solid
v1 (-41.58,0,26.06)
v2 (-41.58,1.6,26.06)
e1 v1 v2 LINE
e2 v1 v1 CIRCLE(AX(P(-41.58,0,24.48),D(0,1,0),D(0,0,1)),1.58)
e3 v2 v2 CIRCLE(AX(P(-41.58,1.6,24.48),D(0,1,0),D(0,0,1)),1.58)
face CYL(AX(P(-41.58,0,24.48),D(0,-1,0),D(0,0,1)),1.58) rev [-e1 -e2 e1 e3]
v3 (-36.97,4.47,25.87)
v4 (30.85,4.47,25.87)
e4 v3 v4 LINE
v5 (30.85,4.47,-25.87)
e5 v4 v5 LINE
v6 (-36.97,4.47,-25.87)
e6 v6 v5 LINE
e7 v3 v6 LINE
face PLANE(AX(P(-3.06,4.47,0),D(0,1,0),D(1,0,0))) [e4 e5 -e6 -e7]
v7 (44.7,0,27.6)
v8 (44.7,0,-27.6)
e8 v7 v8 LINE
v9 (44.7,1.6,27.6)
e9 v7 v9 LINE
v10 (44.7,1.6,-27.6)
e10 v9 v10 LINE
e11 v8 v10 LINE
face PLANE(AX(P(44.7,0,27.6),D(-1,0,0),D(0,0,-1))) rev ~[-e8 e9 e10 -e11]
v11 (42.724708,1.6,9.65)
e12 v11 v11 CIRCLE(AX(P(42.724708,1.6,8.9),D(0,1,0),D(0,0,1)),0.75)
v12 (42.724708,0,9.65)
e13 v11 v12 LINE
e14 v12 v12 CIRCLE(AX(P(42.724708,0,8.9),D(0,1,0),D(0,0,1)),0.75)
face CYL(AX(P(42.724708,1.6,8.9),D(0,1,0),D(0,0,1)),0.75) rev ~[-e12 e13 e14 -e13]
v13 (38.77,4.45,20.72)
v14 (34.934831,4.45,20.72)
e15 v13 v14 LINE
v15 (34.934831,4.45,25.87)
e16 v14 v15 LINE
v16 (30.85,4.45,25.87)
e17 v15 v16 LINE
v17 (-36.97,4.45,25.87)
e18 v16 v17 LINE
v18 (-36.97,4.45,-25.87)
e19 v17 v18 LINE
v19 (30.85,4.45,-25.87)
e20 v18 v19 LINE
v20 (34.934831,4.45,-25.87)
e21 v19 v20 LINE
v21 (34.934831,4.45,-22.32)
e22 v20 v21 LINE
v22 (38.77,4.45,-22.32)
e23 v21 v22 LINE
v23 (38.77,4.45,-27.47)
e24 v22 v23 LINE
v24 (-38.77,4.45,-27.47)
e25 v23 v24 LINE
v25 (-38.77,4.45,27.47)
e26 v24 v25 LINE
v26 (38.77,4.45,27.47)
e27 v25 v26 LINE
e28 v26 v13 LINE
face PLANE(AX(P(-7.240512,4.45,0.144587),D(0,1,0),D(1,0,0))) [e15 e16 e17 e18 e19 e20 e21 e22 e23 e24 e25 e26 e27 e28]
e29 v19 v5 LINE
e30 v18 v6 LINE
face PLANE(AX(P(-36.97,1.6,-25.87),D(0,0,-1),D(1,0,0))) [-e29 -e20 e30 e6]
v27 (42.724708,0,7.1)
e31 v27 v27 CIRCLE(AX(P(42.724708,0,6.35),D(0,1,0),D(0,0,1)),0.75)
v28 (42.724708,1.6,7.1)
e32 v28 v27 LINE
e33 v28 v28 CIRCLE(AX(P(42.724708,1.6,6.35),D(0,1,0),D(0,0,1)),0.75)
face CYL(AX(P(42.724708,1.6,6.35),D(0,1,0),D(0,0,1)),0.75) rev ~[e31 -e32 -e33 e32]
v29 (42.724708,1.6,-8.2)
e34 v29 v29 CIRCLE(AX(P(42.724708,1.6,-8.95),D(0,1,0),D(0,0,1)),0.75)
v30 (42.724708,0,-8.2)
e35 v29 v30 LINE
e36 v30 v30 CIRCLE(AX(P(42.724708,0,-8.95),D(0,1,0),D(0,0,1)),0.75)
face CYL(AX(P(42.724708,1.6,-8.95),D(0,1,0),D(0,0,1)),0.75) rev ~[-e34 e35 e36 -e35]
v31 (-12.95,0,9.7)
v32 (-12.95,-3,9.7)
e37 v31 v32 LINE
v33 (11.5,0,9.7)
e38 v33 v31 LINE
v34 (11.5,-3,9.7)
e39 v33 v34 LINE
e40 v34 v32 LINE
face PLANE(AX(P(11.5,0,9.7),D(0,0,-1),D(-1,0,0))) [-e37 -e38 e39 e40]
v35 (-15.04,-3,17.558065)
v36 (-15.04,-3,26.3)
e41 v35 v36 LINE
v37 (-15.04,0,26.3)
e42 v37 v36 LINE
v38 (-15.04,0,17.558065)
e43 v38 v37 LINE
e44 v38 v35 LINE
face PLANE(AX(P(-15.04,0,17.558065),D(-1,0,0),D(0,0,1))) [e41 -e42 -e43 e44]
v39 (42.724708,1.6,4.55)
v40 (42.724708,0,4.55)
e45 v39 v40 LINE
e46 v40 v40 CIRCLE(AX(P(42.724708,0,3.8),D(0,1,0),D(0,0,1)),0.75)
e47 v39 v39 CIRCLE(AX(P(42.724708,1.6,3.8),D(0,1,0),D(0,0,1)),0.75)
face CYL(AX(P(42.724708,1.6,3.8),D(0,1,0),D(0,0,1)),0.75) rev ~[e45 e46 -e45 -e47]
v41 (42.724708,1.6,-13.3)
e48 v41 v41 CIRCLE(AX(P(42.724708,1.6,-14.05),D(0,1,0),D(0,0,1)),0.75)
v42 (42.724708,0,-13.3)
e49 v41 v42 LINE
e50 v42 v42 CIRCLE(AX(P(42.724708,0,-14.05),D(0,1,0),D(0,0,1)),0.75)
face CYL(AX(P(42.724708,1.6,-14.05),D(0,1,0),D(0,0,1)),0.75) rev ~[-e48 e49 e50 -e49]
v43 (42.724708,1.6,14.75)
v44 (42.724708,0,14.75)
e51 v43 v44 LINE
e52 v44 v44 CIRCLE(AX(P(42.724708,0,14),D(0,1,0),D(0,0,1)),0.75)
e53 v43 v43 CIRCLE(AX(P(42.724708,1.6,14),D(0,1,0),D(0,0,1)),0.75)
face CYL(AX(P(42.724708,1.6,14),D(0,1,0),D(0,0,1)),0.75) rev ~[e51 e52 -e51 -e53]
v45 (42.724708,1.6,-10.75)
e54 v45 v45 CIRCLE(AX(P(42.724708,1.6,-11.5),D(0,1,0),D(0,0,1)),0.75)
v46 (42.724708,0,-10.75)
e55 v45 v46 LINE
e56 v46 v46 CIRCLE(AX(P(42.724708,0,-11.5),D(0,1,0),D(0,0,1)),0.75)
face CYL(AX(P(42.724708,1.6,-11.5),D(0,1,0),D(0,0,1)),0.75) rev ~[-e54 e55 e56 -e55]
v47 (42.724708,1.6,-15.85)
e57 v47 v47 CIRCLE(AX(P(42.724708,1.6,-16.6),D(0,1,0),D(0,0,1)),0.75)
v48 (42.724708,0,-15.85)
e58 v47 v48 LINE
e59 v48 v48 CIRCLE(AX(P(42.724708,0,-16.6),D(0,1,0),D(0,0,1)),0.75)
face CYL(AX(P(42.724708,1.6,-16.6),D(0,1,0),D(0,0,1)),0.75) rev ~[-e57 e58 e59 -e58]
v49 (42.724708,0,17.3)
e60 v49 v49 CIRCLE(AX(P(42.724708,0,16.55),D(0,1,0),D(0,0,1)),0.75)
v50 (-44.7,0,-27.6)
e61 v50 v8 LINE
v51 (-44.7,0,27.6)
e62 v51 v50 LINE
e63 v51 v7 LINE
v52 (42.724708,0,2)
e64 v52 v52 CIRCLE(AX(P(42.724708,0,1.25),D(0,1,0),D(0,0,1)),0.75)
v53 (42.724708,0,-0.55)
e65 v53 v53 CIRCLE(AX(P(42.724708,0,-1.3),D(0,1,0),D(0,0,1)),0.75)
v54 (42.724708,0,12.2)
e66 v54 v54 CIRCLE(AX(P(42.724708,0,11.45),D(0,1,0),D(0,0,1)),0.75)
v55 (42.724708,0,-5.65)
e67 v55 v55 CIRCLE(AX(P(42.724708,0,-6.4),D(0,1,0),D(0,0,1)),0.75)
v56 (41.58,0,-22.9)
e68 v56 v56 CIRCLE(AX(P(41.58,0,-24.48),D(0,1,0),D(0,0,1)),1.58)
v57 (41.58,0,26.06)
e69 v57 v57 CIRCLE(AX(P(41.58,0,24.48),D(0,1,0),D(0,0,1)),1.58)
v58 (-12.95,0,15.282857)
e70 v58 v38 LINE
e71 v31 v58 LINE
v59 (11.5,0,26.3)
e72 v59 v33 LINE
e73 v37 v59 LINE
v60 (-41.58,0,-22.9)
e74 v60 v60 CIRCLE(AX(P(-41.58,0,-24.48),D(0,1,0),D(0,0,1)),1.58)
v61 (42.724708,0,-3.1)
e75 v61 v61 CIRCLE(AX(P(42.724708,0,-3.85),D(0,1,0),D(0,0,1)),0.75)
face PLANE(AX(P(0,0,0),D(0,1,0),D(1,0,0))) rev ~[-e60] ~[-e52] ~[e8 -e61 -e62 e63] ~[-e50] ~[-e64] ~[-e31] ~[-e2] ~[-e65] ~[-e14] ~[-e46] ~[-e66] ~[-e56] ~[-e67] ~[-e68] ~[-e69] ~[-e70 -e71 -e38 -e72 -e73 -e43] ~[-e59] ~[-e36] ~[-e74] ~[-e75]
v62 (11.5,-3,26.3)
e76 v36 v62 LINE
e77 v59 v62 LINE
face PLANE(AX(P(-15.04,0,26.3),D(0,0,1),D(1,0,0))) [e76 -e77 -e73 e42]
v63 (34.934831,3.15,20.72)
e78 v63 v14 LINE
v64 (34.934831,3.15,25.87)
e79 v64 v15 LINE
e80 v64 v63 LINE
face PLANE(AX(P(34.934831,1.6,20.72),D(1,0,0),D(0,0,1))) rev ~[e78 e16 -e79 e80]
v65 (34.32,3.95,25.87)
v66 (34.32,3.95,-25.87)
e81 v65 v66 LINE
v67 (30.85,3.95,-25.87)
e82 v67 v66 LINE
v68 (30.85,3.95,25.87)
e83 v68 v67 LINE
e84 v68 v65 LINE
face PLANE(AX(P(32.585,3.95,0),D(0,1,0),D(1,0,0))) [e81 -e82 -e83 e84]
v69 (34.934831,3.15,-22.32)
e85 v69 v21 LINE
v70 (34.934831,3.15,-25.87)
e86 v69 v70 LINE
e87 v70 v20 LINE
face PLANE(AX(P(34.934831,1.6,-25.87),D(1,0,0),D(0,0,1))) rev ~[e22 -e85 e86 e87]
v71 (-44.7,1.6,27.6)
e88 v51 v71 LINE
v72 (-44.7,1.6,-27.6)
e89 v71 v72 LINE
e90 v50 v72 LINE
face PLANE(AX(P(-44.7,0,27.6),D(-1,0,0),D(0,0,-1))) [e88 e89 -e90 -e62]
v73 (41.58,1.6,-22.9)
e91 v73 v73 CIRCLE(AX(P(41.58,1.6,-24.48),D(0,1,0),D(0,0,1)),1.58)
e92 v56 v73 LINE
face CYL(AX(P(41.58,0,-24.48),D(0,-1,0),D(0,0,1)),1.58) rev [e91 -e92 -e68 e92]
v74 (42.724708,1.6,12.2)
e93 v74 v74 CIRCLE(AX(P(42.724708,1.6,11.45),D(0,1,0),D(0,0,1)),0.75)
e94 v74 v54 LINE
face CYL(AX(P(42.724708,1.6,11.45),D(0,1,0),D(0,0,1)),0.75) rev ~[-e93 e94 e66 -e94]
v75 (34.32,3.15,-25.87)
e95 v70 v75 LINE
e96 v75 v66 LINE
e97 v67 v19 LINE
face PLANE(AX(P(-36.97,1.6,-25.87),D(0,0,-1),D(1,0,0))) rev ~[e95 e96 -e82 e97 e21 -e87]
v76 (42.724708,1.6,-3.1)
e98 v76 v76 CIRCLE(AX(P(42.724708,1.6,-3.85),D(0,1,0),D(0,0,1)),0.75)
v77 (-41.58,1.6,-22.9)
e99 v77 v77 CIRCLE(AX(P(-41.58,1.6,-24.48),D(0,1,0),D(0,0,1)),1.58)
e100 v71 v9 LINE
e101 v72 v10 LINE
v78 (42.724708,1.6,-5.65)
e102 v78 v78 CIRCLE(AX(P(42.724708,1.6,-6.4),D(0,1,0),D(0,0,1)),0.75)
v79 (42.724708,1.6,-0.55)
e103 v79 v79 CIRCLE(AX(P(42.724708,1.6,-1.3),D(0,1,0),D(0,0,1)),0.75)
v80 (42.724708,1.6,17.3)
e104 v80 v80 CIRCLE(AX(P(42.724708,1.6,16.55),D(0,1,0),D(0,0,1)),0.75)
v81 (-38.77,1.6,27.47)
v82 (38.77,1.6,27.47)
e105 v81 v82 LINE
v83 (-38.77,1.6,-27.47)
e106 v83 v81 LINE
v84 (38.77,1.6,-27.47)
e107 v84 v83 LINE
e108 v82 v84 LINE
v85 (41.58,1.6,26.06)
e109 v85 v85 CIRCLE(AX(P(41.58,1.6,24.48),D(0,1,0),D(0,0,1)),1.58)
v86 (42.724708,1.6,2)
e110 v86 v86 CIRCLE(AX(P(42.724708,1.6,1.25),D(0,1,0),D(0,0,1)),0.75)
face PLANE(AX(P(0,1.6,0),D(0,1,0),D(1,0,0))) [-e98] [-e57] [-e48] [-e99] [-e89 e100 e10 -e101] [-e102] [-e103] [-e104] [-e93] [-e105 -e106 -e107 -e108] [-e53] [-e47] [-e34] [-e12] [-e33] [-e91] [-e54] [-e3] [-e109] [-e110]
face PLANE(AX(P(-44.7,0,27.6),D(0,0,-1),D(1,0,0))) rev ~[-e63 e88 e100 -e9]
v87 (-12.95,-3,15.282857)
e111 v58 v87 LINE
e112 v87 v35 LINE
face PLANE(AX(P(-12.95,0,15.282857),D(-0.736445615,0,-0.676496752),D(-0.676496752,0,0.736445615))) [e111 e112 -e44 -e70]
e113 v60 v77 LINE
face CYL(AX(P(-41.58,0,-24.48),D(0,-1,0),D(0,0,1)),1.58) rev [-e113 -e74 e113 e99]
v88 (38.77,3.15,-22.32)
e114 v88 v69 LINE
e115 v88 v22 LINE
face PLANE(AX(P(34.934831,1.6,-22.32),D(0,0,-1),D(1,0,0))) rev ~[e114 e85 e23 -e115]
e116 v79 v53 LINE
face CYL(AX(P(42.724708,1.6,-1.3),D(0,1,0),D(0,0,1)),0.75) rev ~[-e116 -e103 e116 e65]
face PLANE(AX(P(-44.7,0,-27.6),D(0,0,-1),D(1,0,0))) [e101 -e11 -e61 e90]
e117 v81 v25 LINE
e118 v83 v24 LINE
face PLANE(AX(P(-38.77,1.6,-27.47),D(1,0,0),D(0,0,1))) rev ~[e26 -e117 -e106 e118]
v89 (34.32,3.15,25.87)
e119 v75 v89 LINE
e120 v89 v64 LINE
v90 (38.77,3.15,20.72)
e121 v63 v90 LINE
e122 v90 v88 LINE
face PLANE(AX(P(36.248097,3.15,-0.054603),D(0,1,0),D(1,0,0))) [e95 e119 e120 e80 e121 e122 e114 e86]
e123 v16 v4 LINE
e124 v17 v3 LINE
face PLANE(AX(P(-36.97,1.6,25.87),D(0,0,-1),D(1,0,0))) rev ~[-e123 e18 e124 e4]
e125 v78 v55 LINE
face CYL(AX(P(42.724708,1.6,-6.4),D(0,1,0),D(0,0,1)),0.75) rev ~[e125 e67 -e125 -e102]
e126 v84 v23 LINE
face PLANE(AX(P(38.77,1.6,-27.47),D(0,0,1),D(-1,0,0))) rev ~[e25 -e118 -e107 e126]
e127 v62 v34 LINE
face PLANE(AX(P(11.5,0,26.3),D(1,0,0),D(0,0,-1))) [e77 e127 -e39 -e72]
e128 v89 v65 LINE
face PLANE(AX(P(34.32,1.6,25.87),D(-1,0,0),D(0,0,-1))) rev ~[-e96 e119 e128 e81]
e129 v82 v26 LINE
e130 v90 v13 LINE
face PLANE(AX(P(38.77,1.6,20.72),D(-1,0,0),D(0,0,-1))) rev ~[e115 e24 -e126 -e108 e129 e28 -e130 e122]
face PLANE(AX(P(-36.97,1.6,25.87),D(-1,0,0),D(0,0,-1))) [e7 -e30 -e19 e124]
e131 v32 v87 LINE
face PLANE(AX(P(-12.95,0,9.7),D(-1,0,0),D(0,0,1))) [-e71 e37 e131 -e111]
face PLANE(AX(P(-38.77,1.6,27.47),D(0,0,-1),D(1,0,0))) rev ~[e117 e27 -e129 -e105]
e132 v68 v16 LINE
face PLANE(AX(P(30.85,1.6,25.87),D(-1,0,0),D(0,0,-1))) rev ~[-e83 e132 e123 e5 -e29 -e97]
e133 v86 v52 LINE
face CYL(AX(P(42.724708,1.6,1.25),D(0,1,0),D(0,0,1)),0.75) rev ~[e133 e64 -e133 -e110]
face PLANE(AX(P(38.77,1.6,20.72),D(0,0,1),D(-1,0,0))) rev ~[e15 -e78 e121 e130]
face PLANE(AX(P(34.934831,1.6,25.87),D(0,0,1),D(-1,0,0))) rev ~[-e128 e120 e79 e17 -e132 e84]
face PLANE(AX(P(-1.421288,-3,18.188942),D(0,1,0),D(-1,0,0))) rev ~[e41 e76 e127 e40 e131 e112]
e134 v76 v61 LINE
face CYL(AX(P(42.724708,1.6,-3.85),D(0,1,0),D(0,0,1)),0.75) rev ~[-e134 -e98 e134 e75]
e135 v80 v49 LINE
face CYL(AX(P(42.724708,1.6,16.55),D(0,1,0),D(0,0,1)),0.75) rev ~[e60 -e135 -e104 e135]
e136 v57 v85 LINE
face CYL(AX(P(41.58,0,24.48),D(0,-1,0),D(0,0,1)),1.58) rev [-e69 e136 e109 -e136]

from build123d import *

# Parameters (mm, degrees)
ESQUISSE1_W             = 89.4
ESQUISSE1_H             = 55.2
ESQUISSE1_R             = 1.58
PLAQUE_DEPTH            = 1.6
ESQUISSE2_3_W           = 3.47
ESQUISSE2_3_H           = 51.74
NAPPE_DEPTH             = 2.35
BORDURE_DEPTH           = 2.85
ESQUISSE2_W             = 67.82
ESQUISSE2_H             = 51.74
LCD_DEPTH               = 2.87
SUPPORT_DEPTH           = 1.55
CARTE_SD_DEPTH          = 3
ESQUISSE5_R             = 0.75
ENL_V_MAT_EXTRU_1_DEPTH = 53.735282307


with BuildPart() as part:
    # Esquisse1 → Plaque (new body)
    with BuildSketch(Plane(origin=(0, 0, 0), x_dir=(1, 0, 0), z_dir=(0, 1, 0))):
        Rectangle(ESQUISSE1_W, ESQUISSE1_H)
        with Locations((-41.58, 24.48)):
            Circle(ESQUISSE1_R, mode=Mode.SUBTRACT)
        with Locations((41.58, 24.48)):
            Circle(ESQUISSE1_R, mode=Mode.SUBTRACT)
        with Locations((-41.58, -24.48)):
            Circle(ESQUISSE1_R, mode=Mode.SUBTRACT)
        with Locations((41.58, -24.48)):
            Circle(ESQUISSE1_R, mode=Mode.SUBTRACT)
    extrude(amount=PLAQUE_DEPTH)

    # Esquisse2<3> → Nappe (add)
    with BuildSketch(Plane(origin=(0, 1.6, 0), x_dir=(1, 0, 0), z_dir=(0, 1, 0))):
        with Locations((32.585, 0)):
            Rectangle(ESQUISSE2_3_W, ESQUISSE2_3_H)
    extrude(amount=NAPPE_DEPTH)

    # Esquisse2<5> → Bordure (add)
    with BuildSketch(Plane(origin=(0, 1.6, 0), x_dir=(1, 0, 0), z_dir=(0, 1, 0))):
        Polygon((34.934831333, -20.72), (34.934831333, -25.87), (34.32, -25.87), (30.85, -25.87), (-36.97, -25.87), (-36.97, 25.87), (30.85, 25.87), (34.32, 25.87), (34.934831333, 25.87), (34.934831333, 22.32), (38.77, 22.32), (38.77, 27.47), (-38.77, 27.47), (-38.77, -27.47), (38.77, -27.47), (38.77, -20.72), align=None)
    extrude(amount=BORDURE_DEPTH)

    # Esquisse2 → LCD (add)
    with BuildSketch(Plane(origin=(0, 1.6, 0), x_dir=(1, 0, 0), z_dir=(0, 1, 0))):
        with Locations((-3.06, 0)):
            Rectangle(ESQUISSE2_W, ESQUISSE2_H)
    extrude(amount=LCD_DEPTH)

    # Esquisse2<8> → Support (add)
    with BuildSketch(Plane(origin=(0, 1.6, 0), x_dir=(1, 0, 0), z_dir=(0, 1, 0))):
        Polygon((34.32, -25.87), (34.934831333, -25.87), (34.934831333, -20.72), (38.77, -20.72), (38.77, 22.32), (34.934831333, 22.32), (34.934831333, 25.87), (34.32, 25.87), align=None)
    extrude(amount=SUPPORT_DEPTH)

    # Esquisse4 → Carte SD (add)
    with BuildSketch(Plane.XZ):
        Polygon((-15.04, 26.3), (11.5, 26.3), (11.5, 9.7), (-12.95, 9.7), (-12.95, 15.282856636), (-15.04, 17.558065393), align=None)
    extrude(amount=CARTE_SD_DEPTH)

    # Esquisse5 → Enlèv. mat.-Extru.1 (cut, through all)
    with BuildSketch(Plane(origin=(0, 1.6, 0), x_dir=(1, 0, 0), z_dir=(0, 1, 0))):
        with Locations((42.724707786, 16.6)):
            Circle(ESQUISSE5_R)
        with Locations((42.724707786, 14.05)):
            Circle(ESQUISSE5_R)
        with Locations((42.724707786, 11.5)):
            Circle(ESQUISSE5_R)
        with Locations((42.724707786, 8.95)):
            Circle(ESQUISSE5_R)
        with Locations((42.724707786, 6.4)):
            Circle(ESQUISSE5_R)
        with Locations((42.724707786, 3.85)):
            Circle(ESQUISSE5_R)
        with Locations((42.724707786, 1.3)):
            Circle(ESQUISSE5_R)
        with Locations((42.724707786, -1.25)):
            Circle(ESQUISSE5_R)
        with Locations((42.724707786, -3.8)):
            Circle(ESQUISSE5_R)
        with Locations((42.724707786, -6.35)):
            Circle(ESQUISSE5_R)
        with Locations((42.724707786, -8.9)):
            Circle(ESQUISSE5_R)
        with Locations((42.724707786, -11.45)):
            Circle(ESQUISSE5_R)
        with Locations((42.724707786, -14)):
            Circle(ESQUISSE5_R)
        with Locations((42.724707786, -16.55)):
            Circle(ESQUISSE5_R)
    extrude(amount=-ENL_V_MAT_EXTRU_1_DEPTH, mode=Mode.SUBTRACT)


solid = part.part
